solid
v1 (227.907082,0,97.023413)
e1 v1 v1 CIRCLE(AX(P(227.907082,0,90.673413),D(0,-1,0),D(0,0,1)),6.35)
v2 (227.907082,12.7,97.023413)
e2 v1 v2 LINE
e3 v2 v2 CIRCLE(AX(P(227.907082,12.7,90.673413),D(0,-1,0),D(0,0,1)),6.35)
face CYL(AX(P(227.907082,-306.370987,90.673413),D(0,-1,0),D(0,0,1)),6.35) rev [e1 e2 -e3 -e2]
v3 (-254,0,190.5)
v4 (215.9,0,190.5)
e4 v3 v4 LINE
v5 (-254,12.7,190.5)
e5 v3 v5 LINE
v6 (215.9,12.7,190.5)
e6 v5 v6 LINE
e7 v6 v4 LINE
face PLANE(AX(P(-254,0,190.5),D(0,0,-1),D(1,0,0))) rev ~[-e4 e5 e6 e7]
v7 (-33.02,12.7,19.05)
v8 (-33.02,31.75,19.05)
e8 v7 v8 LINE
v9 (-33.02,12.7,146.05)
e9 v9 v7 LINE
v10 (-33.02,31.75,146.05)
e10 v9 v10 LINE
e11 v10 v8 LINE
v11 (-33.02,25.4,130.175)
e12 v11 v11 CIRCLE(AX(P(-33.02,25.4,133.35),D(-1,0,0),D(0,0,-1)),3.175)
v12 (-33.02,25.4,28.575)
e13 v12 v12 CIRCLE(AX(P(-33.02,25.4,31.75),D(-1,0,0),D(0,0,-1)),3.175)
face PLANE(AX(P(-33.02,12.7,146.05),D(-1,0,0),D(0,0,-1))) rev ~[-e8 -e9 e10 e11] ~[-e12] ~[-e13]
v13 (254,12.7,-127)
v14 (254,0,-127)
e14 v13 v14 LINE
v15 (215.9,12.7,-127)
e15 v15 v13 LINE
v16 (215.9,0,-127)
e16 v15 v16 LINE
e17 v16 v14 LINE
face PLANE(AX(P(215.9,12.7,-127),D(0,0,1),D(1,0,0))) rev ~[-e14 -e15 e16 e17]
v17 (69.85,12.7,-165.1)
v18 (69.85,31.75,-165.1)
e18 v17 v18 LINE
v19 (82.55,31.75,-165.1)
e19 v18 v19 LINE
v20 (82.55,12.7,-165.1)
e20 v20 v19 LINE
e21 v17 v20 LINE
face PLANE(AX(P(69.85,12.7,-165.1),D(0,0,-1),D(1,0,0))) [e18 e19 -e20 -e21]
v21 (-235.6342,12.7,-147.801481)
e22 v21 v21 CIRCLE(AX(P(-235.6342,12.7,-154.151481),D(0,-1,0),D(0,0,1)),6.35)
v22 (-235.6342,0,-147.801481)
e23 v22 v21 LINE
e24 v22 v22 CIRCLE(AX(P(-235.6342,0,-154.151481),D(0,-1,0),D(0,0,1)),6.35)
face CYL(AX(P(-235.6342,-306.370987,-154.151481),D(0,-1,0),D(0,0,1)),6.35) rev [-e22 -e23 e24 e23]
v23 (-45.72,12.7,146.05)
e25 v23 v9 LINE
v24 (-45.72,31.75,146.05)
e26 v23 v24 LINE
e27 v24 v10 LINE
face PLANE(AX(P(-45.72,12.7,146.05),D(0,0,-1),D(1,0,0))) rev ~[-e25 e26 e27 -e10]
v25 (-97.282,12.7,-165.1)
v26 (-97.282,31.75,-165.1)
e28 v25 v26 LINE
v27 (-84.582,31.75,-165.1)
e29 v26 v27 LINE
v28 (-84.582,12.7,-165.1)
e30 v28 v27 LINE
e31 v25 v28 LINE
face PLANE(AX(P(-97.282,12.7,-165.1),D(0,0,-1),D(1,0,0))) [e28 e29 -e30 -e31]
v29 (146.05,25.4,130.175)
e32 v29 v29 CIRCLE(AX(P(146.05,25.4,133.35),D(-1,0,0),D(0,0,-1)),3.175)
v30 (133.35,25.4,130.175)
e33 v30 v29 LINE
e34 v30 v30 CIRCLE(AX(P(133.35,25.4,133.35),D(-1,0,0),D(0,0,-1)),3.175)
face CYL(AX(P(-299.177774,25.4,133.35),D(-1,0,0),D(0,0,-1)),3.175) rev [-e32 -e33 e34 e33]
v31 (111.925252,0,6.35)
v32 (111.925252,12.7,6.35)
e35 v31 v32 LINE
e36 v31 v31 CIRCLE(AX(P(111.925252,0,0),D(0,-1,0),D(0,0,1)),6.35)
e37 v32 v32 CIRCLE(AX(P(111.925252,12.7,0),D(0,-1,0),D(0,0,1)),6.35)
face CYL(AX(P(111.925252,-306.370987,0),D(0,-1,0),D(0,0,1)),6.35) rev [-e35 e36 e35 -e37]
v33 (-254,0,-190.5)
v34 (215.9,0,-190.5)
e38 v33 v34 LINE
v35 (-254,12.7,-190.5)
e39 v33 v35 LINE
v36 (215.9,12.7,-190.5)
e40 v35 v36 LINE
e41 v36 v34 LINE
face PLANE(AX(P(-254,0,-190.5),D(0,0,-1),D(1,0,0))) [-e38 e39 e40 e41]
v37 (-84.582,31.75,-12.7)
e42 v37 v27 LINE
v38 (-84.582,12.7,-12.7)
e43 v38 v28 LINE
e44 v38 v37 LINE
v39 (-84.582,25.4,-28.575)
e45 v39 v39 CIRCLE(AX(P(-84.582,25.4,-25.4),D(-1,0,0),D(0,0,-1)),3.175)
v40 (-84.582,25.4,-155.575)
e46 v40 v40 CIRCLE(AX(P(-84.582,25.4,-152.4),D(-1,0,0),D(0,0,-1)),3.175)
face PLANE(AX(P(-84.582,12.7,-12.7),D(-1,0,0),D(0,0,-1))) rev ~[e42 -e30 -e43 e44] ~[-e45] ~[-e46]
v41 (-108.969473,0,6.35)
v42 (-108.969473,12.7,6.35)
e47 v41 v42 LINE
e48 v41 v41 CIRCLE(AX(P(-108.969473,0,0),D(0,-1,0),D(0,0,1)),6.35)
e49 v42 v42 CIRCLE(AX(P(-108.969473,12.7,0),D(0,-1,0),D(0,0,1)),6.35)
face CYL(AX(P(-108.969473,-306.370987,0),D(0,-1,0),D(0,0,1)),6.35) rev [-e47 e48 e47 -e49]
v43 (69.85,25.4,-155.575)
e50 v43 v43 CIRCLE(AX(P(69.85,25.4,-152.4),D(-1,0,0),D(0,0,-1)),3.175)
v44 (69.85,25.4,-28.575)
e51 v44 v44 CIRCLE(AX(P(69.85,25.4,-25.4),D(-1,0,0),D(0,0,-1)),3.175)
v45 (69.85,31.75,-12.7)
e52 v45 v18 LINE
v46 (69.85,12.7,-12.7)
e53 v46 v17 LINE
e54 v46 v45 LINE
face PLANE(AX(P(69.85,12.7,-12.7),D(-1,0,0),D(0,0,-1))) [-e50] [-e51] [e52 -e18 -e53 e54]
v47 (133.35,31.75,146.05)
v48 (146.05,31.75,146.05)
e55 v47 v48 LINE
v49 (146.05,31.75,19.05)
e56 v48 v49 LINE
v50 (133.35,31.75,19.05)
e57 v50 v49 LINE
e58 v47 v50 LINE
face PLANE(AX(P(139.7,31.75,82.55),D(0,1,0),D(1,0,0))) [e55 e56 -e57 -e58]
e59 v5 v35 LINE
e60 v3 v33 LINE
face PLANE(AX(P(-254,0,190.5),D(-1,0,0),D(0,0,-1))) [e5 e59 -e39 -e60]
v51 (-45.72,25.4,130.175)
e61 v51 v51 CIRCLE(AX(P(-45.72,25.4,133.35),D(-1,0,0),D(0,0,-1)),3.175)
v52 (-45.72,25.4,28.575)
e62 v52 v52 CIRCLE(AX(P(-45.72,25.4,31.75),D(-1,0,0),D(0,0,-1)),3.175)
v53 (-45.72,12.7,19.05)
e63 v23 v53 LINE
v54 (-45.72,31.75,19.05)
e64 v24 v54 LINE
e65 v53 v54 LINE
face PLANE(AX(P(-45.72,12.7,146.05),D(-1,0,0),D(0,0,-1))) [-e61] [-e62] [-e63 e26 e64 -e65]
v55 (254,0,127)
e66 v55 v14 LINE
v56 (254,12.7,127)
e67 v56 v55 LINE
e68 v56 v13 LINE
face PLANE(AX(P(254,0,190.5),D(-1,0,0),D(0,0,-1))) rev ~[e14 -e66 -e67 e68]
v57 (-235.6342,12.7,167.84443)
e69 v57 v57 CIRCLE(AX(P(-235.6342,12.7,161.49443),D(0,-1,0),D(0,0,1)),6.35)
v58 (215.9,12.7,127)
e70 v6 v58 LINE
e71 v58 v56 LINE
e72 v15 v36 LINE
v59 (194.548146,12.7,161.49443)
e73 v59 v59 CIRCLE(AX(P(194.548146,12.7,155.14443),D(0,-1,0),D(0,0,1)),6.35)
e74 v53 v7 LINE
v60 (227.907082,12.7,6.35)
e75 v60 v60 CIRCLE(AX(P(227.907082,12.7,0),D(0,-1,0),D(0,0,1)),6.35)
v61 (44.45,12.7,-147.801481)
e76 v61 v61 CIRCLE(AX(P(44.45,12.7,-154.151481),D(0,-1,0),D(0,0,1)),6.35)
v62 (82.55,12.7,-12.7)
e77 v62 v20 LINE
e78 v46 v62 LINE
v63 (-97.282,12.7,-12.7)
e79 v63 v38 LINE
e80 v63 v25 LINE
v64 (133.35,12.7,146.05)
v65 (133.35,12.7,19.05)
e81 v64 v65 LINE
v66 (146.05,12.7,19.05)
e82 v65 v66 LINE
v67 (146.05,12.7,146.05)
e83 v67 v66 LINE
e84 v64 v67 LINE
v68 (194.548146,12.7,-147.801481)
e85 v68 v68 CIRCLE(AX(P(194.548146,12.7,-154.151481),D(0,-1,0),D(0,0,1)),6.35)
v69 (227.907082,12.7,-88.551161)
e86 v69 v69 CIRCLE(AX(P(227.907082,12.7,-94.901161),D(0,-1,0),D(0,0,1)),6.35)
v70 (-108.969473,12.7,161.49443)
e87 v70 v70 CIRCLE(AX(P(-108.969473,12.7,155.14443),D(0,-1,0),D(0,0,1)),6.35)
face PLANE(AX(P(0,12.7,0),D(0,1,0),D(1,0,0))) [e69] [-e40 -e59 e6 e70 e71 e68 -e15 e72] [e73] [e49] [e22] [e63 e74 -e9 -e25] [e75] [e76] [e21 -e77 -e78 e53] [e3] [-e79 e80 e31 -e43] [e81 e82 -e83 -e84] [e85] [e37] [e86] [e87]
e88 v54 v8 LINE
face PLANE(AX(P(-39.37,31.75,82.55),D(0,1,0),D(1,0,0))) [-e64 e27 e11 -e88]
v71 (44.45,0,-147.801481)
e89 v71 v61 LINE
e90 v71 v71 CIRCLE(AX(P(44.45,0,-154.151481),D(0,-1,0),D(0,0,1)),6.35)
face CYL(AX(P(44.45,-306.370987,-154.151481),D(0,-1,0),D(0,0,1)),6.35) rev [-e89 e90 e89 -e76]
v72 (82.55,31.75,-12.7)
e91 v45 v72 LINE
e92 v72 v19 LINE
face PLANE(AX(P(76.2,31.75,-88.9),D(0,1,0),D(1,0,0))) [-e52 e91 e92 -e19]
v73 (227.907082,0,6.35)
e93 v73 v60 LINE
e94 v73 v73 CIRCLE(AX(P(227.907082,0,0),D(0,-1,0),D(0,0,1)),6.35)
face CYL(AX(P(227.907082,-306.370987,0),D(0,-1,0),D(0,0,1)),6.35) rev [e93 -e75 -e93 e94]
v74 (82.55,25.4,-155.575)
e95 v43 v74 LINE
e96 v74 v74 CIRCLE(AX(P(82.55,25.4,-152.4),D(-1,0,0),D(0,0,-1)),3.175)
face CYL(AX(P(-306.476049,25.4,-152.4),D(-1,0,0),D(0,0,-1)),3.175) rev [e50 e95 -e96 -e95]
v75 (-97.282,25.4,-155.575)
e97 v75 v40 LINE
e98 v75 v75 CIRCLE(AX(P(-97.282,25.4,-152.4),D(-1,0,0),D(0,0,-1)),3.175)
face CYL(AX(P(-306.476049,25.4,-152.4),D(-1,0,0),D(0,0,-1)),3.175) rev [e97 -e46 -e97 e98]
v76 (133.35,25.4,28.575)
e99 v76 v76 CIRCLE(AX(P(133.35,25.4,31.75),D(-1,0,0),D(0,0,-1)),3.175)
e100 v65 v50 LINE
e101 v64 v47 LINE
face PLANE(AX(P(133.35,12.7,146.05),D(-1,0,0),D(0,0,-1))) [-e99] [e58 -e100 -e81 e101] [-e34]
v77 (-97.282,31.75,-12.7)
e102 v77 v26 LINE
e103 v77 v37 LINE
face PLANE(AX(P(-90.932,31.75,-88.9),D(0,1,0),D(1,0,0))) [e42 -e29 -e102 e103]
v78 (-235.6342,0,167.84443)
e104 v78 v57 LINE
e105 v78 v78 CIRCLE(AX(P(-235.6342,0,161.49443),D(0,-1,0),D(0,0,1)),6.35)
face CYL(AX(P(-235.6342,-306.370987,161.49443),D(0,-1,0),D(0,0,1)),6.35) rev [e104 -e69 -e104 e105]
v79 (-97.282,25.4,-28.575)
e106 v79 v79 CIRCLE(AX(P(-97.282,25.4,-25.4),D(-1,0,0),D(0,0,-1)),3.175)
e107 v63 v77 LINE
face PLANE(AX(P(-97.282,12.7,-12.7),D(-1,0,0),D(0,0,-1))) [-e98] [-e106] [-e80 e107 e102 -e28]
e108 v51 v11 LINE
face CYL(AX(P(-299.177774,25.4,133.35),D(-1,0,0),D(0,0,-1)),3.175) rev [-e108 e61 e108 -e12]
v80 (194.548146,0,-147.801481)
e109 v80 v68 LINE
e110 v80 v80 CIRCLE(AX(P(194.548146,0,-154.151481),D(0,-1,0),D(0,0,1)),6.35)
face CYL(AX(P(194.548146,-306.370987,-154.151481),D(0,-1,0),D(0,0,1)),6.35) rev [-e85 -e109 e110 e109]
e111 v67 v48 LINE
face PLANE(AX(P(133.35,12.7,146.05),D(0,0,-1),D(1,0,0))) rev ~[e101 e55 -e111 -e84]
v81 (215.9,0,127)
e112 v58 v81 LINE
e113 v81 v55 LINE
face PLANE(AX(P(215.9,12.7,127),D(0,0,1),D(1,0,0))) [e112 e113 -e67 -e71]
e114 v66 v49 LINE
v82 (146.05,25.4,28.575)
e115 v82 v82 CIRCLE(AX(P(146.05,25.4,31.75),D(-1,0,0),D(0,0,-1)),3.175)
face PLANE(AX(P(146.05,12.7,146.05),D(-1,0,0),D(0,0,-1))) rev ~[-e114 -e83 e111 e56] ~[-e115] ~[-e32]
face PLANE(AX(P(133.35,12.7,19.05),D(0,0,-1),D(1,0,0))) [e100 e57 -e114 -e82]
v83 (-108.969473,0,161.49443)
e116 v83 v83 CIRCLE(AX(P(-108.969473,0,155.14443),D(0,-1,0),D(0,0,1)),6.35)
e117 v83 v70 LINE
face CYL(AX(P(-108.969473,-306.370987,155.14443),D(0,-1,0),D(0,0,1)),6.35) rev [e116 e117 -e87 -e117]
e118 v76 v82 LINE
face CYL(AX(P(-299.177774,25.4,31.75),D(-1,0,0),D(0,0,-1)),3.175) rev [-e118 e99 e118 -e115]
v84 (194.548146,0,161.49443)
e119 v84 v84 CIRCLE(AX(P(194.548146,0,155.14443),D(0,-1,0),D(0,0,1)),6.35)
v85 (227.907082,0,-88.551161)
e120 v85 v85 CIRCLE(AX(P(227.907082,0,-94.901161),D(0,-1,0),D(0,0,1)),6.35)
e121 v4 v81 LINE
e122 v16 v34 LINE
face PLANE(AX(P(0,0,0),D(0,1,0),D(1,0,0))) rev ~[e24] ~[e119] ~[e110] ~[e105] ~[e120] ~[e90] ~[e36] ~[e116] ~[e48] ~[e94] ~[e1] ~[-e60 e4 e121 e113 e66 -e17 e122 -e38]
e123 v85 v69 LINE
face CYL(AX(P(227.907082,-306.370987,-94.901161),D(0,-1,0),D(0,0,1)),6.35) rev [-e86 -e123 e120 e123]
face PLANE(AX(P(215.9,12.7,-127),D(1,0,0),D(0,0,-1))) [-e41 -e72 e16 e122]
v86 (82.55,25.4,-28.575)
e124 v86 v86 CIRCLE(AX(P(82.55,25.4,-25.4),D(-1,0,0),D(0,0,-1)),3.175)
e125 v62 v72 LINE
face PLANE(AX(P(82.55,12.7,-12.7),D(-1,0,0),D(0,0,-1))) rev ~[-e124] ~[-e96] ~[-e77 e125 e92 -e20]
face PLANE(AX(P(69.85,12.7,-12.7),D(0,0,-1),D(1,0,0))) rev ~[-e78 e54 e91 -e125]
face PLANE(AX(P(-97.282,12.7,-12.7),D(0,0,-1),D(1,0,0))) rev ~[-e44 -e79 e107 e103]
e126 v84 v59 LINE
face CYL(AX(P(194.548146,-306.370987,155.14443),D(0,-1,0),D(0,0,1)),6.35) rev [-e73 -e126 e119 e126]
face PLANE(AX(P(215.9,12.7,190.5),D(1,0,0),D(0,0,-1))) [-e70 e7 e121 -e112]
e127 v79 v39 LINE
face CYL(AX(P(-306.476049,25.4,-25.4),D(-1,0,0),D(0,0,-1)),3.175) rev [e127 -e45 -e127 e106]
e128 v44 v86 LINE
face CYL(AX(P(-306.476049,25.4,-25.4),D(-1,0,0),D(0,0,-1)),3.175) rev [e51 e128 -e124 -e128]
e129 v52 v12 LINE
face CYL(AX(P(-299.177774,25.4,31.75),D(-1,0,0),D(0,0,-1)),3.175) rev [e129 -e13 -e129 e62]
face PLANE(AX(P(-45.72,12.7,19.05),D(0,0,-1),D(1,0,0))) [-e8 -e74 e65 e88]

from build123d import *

# Parameters (mm, degrees)
SKETCH1_W               = 508
SKETCH1_H               = 381
BOSS_EXTRUDE1_DEPTH     = 12.7
SKETCH5_W               = 12.7
SKETCH5_H               = 127
BOSS_EXTRUDE2_DEPTH     = 19.05
SKETCH6_W               = 12.7
SKETCH6_H               = 127
BOSS_EXTRUDE3_DEPTH     = 19.05
SKETCH7_W               = 12.7
SKETCH7_H               = 152.4
BOSS_EXTRUDE6_DEPTH     = 19.05
CUT_EXTRUDE1_DEPTH      = 445.227773783
CUT_EXTRUDE1_DEPTH_BACK = 445.227773783
SKETCH8_R               = 3.175
CUT_EXTRUDE2_DEPTH      = 389.026049383
CUT_EXTRUDE2_DEPTH_BACK = 389.026049383
SKETCH9_R               = 3.175
SKETCH10_W              = 38.1
SKETCH10_H              = 63.5
CUT_EXTRUDE3_DEPTH      = 319.070986574
SKETCH11_W              = 38.1
SKETCH11_H              = 63.5
CUT_EXTRUDE4_DEPTH      = 319.070986574
CUT_EXTRUDE5_DEPTH      = 319.070986574
CUT_EXTRUDE5_DEPTH_BACK = 319.070986574
SKETCH13_R              = 6.35


with BuildPart() as part:
    # Sketch1 → Boss-Extrude1 (new body)
    with BuildSketch(Plane(origin=(0, 0, 0), x_dir=(1, 0, 0), z_dir=(0, 1, 0))):
        Rectangle(SKETCH1_W, SKETCH1_H)
    extrude(amount=BOSS_EXTRUDE1_DEPTH)

    # Sketch5 → Boss-Extrude2 (add)
    with BuildSketch(Plane(origin=(0, 12.7, 0), x_dir=(1, 0, 0), z_dir=(0, 1, 0))):
        with Locations((139.7, -82.55)):
            Rectangle(SKETCH5_W, SKETCH5_H)
    extrude(amount=BOSS_EXTRUDE2_DEPTH)

    # Sketch6 → Boss-Extrude3 (add)
    with BuildSketch(Plane(origin=(0, 12.7, 0), x_dir=(1, 0, 0), z_dir=(0, 1, 0))):
        with Locations((-39.37, -82.55)):
            Rectangle(SKETCH6_W, SKETCH6_H)
    extrude(amount=BOSS_EXTRUDE3_DEPTH)

    # Sketch7 → Boss-Extrude6 (add)
    with BuildSketch(Plane(origin=(0, 12.7, 0), x_dir=(1, 0, 0), z_dir=(0, 1, 0))):
        with Locations((76.2, 88.9)):
            Rectangle(SKETCH7_W, SKETCH7_H)
        with Locations((-90.932, 88.9)):
            Rectangle(SKETCH7_W, SKETCH7_H)
    extrude(amount=BOSS_EXTRUDE6_DEPTH)

    # Sketch8 → Cut-Extrude1 (cut, two sides: drawn at the far end of the back side and taken through both)
    with BuildSketch(Plane(origin=(146.05, 0, 0), x_dir=(0, 0, -1), z_dir=(1, 0, 0)).offset(-CUT_EXTRUDE1_DEPTH_BACK)):
        with Locations((-31.75, 25.4)):
            Circle(SKETCH8_R)
        with Locations((-133.35, 25.4)):
            Circle(SKETCH8_R)
    extrude(amount=CUT_EXTRUDE1_DEPTH + CUT_EXTRUDE1_DEPTH_BACK, mode=Mode.SUBTRACT)

    # Sketch9 → Cut-Extrude2 (cut, two sides: drawn at the far end of the back side and taken through both)
    with BuildSketch(Plane(origin=(82.55, 0, 0), x_dir=(0, 0, -1), z_dir=(1, 0, 0)).offset(-CUT_EXTRUDE2_DEPTH_BACK)):
        with Locations((25.4, 25.4)):
            Circle(SKETCH9_R)
        with Locations((152.4, 25.4)):
            Circle(SKETCH9_R)
    extrude(amount=CUT_EXTRUDE2_DEPTH + CUT_EXTRUDE2_DEPTH_BACK, mode=Mode.SUBTRACT)

    # Sketch10 → Cut-Extrude3 (cut, through all)
    with BuildSketch(Plane(origin=(0, 12.7, 0), x_dir=(1, 0, 0), z_dir=(0, 1, 0))):
        with Locations((234.95, -158.75)):
            Rectangle(SKETCH10_W, SKETCH10_H)
    extrude(amount=-CUT_EXTRUDE3_DEPTH, mode=Mode.SUBTRACT)

    # Sketch11 → Cut-Extrude4 (cut, through all)
    with BuildSketch(Plane(origin=(0, 12.7, 0), x_dir=(1, 0, 0), z_dir=(0, 1, 0))):
        with Locations((234.95, 158.75)):
            Rectangle(SKETCH11_W, SKETCH11_H)
    extrude(amount=-CUT_EXTRUDE4_DEPTH, mode=Mode.SUBTRACT)

    # Sketch13 → Cut-Extrude5 (cut, two sides: drawn at the far end of the back side and taken through both)
    with BuildSketch(Plane(origin=(0, 12.7, 0), x_dir=(1, 0, 0), z_dir=(0, 1, 0)).offset(-CUT_EXTRUDE5_DEPTH_BACK)):
        with Locations(Location((227.907081751, 0, 0), (0, 0, 270))):
            Circle(SKETCH13_R)
        with Locations(Location((111.925251719, 0, 0), (0, 0, 270))):
            Circle(SKETCH13_R)
        with Locations(Location((-108.969473195, 0, 0), (0, 0, 270))):
            Circle(SKETCH13_R)
        with Locations(Location((227.907081751, -90.673413336, 0), (0, 0, 270))):
            Circle(SKETCH13_R)
        with Locations(Location((227.907081751, 94.901161445, 0), (0, 0, 270))):
            Circle(SKETCH13_R)
        with Locations(Location((194.548146226, 154.151481102, 0), (0, 0, 270))):
            Circle(SKETCH13_R)
        with Locations(Location((194.548146226, -155.144429721, 0), (0, 0, 270))):
            Circle(SKETCH13_R)
        with Locations(Location((-235.634199607, -161.494429721, 0), (0, 0, 270))):
            Circle(SKETCH13_R)
        with Locations(Location((-235.634199607, 154.151481102, 0), (0, 0, 270))):
            Circle(SKETCH13_R)
        with Locations(Location((44.45, 154.151481102, 0), (0, 0, 270))):
            Circle(SKETCH13_R)
        with Locations(Location((-108.969473196, -155.144429721, 0), (0, 0, 270))):
            Circle(SKETCH13_R)
    extrude(amount=CUT_EXTRUDE5_DEPTH + CUT_EXTRUDE5_DEPTH_BACK, mode=Mode.SUBTRACT)


solid = part.part
